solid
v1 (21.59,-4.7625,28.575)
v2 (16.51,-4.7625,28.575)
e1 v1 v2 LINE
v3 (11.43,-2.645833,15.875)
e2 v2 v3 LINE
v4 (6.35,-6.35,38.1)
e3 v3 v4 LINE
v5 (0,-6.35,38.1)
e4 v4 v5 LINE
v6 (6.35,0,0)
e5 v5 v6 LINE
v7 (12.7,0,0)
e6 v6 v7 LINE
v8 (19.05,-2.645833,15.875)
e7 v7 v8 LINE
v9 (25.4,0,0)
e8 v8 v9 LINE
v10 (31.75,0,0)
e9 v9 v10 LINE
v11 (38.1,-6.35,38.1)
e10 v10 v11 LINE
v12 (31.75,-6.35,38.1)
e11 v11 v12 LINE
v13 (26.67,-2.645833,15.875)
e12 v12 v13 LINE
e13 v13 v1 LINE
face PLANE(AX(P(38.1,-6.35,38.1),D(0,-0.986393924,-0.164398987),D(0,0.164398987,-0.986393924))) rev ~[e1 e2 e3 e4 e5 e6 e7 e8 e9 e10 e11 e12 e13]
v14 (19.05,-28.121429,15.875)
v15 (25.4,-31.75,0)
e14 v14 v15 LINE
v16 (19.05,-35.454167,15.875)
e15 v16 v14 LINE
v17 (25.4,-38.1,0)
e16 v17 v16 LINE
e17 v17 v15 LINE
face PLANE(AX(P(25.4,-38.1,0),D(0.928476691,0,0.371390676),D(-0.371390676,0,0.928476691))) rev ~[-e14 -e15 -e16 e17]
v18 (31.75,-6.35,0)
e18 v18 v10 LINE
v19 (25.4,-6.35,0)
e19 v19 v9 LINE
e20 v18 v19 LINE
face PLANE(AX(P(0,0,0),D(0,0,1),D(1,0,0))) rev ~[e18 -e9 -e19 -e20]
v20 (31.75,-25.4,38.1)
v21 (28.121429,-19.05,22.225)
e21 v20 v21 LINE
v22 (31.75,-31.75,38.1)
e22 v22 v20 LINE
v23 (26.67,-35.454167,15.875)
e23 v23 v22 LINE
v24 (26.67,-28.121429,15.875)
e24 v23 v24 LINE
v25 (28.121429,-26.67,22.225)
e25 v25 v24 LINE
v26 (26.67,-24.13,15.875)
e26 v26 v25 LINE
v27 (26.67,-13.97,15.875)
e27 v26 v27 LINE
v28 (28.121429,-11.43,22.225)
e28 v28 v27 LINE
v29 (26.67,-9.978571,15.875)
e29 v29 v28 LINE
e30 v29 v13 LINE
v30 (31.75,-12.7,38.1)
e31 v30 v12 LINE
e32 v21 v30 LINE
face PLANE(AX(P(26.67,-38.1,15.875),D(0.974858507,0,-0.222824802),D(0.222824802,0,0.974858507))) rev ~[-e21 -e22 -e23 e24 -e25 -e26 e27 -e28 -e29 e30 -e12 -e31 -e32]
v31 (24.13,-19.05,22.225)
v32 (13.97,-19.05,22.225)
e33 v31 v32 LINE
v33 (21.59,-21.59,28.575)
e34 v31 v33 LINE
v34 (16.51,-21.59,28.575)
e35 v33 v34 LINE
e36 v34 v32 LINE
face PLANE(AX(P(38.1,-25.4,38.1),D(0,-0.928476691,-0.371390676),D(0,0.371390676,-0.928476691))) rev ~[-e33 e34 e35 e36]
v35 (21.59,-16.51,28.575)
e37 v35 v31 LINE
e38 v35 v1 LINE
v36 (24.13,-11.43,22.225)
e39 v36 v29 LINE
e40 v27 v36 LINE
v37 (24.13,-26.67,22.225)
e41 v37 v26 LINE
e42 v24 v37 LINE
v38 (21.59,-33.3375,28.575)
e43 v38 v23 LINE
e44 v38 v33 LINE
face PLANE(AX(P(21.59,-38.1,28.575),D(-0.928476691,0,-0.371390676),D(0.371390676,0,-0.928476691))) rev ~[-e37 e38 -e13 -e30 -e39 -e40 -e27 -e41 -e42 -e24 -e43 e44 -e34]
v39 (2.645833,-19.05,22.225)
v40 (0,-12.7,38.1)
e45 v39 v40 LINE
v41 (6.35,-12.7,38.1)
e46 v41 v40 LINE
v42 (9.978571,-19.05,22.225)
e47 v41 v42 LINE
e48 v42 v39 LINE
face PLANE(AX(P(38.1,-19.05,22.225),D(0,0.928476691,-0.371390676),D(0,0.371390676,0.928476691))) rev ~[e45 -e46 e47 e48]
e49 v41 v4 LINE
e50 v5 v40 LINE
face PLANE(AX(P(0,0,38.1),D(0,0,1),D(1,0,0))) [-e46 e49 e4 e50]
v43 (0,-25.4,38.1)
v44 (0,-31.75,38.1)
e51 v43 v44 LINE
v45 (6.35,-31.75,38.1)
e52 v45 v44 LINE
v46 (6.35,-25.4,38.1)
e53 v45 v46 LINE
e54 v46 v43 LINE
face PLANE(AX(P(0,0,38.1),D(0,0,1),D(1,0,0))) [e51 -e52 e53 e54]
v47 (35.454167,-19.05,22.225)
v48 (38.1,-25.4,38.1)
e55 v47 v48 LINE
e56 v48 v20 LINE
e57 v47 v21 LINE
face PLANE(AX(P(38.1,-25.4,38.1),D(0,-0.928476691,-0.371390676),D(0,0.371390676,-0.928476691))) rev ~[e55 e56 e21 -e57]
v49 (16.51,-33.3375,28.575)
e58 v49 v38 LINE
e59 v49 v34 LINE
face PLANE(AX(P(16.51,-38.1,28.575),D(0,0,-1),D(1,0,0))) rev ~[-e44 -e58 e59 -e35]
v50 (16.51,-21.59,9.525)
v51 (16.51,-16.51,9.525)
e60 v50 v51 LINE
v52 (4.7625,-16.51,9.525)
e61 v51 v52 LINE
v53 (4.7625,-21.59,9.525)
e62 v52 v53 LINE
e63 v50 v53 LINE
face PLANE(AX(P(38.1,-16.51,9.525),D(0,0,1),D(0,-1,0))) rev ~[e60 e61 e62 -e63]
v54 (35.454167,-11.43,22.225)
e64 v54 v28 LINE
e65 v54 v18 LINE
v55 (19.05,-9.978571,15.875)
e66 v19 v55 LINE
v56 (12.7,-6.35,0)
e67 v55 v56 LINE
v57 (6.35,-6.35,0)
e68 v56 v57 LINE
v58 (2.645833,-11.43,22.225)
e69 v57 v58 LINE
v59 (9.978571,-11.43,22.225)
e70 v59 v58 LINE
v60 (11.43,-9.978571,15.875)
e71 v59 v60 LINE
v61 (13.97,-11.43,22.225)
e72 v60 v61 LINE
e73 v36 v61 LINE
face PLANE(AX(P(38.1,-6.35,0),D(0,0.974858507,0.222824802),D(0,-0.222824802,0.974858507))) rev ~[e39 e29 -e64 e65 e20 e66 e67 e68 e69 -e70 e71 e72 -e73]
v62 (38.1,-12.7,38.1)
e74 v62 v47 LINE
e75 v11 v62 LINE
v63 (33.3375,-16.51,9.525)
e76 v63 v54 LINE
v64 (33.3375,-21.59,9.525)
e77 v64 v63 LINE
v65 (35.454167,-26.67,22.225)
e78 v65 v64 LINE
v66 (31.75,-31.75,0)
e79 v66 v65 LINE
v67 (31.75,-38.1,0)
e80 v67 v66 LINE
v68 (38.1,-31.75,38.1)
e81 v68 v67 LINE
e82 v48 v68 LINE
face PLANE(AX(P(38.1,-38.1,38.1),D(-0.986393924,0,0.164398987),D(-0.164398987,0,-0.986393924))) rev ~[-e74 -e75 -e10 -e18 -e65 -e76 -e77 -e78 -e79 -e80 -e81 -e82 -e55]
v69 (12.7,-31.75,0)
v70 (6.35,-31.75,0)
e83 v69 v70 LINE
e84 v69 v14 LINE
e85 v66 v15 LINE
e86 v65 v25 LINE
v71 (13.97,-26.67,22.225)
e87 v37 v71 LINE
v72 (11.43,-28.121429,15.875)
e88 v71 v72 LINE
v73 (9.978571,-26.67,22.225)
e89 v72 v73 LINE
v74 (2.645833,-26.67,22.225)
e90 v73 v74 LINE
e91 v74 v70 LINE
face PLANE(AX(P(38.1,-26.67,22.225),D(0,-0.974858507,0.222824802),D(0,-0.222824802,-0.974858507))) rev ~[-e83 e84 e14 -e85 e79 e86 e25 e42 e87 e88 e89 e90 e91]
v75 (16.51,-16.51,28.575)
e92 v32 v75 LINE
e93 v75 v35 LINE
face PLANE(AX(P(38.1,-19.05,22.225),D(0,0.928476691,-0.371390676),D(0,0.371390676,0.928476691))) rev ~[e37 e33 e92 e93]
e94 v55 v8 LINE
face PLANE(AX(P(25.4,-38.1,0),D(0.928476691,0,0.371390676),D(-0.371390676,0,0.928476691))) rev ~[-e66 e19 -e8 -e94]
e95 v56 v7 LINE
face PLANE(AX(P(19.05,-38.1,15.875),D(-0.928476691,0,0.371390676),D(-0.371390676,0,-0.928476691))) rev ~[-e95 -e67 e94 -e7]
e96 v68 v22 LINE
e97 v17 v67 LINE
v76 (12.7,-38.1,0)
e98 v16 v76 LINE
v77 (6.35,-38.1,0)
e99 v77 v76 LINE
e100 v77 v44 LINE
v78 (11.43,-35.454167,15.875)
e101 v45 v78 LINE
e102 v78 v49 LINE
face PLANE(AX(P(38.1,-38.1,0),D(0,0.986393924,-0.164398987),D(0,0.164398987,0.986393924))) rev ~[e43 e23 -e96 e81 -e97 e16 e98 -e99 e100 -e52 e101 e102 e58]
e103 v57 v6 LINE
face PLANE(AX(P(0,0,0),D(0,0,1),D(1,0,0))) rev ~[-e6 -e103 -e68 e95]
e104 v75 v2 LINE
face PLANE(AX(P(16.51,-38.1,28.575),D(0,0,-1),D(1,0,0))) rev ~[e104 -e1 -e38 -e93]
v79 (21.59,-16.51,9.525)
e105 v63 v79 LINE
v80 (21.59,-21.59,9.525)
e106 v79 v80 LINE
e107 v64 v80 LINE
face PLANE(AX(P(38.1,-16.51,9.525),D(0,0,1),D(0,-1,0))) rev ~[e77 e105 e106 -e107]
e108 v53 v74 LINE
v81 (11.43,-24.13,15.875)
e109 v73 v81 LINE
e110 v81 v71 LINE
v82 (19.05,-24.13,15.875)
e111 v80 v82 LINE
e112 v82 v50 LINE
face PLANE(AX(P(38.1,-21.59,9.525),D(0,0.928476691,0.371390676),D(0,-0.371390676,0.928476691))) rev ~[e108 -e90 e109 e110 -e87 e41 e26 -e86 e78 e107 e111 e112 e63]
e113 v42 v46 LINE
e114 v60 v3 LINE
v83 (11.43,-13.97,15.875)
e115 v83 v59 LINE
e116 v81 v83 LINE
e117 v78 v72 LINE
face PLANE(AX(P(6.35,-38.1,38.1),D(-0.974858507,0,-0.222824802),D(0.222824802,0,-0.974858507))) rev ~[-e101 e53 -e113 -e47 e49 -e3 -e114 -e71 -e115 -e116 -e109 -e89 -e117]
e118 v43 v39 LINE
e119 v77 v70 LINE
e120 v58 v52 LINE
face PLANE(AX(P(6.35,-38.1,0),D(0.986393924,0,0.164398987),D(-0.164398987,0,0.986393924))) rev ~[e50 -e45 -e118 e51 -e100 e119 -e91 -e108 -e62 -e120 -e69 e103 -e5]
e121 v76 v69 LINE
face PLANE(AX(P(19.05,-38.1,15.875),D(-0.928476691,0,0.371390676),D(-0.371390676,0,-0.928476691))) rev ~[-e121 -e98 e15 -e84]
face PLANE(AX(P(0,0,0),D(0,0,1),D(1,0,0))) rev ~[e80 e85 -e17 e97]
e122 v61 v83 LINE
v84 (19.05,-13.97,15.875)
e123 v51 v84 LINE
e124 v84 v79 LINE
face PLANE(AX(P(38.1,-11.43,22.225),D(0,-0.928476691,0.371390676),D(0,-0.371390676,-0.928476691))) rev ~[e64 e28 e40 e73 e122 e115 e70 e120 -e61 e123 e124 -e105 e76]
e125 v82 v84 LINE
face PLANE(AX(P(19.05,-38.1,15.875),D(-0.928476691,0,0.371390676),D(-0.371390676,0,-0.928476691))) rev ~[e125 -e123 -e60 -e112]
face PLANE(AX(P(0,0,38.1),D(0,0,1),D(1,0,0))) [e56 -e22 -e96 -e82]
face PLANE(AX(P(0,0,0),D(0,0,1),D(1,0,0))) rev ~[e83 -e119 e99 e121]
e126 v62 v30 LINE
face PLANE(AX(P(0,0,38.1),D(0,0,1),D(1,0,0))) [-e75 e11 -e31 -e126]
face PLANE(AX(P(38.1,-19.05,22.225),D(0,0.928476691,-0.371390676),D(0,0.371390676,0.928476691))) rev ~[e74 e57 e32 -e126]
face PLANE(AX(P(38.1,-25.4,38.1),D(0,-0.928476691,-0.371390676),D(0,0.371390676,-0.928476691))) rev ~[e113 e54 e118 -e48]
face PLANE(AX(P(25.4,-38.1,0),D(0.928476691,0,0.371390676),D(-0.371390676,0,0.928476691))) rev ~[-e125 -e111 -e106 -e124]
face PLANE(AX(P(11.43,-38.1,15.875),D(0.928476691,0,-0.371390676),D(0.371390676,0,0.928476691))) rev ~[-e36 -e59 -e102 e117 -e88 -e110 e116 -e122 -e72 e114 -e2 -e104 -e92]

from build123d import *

# Parameters (mm, degrees)
F0_W     = 38.1
F0_H     = 38.1
F1_DEPTH = 38.1
F6_DEPTH = 38.1
F8_DEPTH = 38.1


with BuildPart() as f1:
    # F0 (on Front) → F1 (new body)
    with BuildSketch(Plane.XZ):
        with Locations((19.05, 19.05)):
            Rectangle(F0_W, F0_H)
    extrude(amount=F1_DEPTH)

    # F5 (on offset) → F6 (cut)
    with BuildSketch(Plane.XZ.offset(38.1)):
        Polygon((31.75, 38.1), (6.35, 38.1), (11.43, 15.875), (16.51, 28.575), (21.59, 28.575), (26.67, 15.875), align=None)
        Polygon((0, 0), (6.35, 0), (0, 38.1), align=None)
        Polygon((19.05, 15.875), (12.7, 0), (25.4, 0), align=None)
        Polygon((38.1, 38.1), (31.75, 0), (38.1, 0), align=None)
    extrude(amount=-F6_DEPTH, mode=Mode.SUBTRACT)

    # F7 (on offset) → F8 (cut)
    with BuildSketch(Plane.YZ.offset(38.1)):
        Polygon((-26.67, 22.225), (-31.75, 0), (-6.35, 0), (-11.43, 22.225), (-16.51, 9.525), (-21.59, 9.525), align=None)
        Polygon((-31.75, 38.1), (-38.1, 38.1), (-38.1, 0), align=None)
        Polygon((-6.35, 38.1), (0, 0), (0, 38.1), align=None)
        Polygon((-12.7, 38.1), (-25.4, 38.1), (-19.05, 22.225), align=None)
    extrude(amount=-F8_DEPTH, mode=Mode.SUBTRACT)


solid = f1.part
